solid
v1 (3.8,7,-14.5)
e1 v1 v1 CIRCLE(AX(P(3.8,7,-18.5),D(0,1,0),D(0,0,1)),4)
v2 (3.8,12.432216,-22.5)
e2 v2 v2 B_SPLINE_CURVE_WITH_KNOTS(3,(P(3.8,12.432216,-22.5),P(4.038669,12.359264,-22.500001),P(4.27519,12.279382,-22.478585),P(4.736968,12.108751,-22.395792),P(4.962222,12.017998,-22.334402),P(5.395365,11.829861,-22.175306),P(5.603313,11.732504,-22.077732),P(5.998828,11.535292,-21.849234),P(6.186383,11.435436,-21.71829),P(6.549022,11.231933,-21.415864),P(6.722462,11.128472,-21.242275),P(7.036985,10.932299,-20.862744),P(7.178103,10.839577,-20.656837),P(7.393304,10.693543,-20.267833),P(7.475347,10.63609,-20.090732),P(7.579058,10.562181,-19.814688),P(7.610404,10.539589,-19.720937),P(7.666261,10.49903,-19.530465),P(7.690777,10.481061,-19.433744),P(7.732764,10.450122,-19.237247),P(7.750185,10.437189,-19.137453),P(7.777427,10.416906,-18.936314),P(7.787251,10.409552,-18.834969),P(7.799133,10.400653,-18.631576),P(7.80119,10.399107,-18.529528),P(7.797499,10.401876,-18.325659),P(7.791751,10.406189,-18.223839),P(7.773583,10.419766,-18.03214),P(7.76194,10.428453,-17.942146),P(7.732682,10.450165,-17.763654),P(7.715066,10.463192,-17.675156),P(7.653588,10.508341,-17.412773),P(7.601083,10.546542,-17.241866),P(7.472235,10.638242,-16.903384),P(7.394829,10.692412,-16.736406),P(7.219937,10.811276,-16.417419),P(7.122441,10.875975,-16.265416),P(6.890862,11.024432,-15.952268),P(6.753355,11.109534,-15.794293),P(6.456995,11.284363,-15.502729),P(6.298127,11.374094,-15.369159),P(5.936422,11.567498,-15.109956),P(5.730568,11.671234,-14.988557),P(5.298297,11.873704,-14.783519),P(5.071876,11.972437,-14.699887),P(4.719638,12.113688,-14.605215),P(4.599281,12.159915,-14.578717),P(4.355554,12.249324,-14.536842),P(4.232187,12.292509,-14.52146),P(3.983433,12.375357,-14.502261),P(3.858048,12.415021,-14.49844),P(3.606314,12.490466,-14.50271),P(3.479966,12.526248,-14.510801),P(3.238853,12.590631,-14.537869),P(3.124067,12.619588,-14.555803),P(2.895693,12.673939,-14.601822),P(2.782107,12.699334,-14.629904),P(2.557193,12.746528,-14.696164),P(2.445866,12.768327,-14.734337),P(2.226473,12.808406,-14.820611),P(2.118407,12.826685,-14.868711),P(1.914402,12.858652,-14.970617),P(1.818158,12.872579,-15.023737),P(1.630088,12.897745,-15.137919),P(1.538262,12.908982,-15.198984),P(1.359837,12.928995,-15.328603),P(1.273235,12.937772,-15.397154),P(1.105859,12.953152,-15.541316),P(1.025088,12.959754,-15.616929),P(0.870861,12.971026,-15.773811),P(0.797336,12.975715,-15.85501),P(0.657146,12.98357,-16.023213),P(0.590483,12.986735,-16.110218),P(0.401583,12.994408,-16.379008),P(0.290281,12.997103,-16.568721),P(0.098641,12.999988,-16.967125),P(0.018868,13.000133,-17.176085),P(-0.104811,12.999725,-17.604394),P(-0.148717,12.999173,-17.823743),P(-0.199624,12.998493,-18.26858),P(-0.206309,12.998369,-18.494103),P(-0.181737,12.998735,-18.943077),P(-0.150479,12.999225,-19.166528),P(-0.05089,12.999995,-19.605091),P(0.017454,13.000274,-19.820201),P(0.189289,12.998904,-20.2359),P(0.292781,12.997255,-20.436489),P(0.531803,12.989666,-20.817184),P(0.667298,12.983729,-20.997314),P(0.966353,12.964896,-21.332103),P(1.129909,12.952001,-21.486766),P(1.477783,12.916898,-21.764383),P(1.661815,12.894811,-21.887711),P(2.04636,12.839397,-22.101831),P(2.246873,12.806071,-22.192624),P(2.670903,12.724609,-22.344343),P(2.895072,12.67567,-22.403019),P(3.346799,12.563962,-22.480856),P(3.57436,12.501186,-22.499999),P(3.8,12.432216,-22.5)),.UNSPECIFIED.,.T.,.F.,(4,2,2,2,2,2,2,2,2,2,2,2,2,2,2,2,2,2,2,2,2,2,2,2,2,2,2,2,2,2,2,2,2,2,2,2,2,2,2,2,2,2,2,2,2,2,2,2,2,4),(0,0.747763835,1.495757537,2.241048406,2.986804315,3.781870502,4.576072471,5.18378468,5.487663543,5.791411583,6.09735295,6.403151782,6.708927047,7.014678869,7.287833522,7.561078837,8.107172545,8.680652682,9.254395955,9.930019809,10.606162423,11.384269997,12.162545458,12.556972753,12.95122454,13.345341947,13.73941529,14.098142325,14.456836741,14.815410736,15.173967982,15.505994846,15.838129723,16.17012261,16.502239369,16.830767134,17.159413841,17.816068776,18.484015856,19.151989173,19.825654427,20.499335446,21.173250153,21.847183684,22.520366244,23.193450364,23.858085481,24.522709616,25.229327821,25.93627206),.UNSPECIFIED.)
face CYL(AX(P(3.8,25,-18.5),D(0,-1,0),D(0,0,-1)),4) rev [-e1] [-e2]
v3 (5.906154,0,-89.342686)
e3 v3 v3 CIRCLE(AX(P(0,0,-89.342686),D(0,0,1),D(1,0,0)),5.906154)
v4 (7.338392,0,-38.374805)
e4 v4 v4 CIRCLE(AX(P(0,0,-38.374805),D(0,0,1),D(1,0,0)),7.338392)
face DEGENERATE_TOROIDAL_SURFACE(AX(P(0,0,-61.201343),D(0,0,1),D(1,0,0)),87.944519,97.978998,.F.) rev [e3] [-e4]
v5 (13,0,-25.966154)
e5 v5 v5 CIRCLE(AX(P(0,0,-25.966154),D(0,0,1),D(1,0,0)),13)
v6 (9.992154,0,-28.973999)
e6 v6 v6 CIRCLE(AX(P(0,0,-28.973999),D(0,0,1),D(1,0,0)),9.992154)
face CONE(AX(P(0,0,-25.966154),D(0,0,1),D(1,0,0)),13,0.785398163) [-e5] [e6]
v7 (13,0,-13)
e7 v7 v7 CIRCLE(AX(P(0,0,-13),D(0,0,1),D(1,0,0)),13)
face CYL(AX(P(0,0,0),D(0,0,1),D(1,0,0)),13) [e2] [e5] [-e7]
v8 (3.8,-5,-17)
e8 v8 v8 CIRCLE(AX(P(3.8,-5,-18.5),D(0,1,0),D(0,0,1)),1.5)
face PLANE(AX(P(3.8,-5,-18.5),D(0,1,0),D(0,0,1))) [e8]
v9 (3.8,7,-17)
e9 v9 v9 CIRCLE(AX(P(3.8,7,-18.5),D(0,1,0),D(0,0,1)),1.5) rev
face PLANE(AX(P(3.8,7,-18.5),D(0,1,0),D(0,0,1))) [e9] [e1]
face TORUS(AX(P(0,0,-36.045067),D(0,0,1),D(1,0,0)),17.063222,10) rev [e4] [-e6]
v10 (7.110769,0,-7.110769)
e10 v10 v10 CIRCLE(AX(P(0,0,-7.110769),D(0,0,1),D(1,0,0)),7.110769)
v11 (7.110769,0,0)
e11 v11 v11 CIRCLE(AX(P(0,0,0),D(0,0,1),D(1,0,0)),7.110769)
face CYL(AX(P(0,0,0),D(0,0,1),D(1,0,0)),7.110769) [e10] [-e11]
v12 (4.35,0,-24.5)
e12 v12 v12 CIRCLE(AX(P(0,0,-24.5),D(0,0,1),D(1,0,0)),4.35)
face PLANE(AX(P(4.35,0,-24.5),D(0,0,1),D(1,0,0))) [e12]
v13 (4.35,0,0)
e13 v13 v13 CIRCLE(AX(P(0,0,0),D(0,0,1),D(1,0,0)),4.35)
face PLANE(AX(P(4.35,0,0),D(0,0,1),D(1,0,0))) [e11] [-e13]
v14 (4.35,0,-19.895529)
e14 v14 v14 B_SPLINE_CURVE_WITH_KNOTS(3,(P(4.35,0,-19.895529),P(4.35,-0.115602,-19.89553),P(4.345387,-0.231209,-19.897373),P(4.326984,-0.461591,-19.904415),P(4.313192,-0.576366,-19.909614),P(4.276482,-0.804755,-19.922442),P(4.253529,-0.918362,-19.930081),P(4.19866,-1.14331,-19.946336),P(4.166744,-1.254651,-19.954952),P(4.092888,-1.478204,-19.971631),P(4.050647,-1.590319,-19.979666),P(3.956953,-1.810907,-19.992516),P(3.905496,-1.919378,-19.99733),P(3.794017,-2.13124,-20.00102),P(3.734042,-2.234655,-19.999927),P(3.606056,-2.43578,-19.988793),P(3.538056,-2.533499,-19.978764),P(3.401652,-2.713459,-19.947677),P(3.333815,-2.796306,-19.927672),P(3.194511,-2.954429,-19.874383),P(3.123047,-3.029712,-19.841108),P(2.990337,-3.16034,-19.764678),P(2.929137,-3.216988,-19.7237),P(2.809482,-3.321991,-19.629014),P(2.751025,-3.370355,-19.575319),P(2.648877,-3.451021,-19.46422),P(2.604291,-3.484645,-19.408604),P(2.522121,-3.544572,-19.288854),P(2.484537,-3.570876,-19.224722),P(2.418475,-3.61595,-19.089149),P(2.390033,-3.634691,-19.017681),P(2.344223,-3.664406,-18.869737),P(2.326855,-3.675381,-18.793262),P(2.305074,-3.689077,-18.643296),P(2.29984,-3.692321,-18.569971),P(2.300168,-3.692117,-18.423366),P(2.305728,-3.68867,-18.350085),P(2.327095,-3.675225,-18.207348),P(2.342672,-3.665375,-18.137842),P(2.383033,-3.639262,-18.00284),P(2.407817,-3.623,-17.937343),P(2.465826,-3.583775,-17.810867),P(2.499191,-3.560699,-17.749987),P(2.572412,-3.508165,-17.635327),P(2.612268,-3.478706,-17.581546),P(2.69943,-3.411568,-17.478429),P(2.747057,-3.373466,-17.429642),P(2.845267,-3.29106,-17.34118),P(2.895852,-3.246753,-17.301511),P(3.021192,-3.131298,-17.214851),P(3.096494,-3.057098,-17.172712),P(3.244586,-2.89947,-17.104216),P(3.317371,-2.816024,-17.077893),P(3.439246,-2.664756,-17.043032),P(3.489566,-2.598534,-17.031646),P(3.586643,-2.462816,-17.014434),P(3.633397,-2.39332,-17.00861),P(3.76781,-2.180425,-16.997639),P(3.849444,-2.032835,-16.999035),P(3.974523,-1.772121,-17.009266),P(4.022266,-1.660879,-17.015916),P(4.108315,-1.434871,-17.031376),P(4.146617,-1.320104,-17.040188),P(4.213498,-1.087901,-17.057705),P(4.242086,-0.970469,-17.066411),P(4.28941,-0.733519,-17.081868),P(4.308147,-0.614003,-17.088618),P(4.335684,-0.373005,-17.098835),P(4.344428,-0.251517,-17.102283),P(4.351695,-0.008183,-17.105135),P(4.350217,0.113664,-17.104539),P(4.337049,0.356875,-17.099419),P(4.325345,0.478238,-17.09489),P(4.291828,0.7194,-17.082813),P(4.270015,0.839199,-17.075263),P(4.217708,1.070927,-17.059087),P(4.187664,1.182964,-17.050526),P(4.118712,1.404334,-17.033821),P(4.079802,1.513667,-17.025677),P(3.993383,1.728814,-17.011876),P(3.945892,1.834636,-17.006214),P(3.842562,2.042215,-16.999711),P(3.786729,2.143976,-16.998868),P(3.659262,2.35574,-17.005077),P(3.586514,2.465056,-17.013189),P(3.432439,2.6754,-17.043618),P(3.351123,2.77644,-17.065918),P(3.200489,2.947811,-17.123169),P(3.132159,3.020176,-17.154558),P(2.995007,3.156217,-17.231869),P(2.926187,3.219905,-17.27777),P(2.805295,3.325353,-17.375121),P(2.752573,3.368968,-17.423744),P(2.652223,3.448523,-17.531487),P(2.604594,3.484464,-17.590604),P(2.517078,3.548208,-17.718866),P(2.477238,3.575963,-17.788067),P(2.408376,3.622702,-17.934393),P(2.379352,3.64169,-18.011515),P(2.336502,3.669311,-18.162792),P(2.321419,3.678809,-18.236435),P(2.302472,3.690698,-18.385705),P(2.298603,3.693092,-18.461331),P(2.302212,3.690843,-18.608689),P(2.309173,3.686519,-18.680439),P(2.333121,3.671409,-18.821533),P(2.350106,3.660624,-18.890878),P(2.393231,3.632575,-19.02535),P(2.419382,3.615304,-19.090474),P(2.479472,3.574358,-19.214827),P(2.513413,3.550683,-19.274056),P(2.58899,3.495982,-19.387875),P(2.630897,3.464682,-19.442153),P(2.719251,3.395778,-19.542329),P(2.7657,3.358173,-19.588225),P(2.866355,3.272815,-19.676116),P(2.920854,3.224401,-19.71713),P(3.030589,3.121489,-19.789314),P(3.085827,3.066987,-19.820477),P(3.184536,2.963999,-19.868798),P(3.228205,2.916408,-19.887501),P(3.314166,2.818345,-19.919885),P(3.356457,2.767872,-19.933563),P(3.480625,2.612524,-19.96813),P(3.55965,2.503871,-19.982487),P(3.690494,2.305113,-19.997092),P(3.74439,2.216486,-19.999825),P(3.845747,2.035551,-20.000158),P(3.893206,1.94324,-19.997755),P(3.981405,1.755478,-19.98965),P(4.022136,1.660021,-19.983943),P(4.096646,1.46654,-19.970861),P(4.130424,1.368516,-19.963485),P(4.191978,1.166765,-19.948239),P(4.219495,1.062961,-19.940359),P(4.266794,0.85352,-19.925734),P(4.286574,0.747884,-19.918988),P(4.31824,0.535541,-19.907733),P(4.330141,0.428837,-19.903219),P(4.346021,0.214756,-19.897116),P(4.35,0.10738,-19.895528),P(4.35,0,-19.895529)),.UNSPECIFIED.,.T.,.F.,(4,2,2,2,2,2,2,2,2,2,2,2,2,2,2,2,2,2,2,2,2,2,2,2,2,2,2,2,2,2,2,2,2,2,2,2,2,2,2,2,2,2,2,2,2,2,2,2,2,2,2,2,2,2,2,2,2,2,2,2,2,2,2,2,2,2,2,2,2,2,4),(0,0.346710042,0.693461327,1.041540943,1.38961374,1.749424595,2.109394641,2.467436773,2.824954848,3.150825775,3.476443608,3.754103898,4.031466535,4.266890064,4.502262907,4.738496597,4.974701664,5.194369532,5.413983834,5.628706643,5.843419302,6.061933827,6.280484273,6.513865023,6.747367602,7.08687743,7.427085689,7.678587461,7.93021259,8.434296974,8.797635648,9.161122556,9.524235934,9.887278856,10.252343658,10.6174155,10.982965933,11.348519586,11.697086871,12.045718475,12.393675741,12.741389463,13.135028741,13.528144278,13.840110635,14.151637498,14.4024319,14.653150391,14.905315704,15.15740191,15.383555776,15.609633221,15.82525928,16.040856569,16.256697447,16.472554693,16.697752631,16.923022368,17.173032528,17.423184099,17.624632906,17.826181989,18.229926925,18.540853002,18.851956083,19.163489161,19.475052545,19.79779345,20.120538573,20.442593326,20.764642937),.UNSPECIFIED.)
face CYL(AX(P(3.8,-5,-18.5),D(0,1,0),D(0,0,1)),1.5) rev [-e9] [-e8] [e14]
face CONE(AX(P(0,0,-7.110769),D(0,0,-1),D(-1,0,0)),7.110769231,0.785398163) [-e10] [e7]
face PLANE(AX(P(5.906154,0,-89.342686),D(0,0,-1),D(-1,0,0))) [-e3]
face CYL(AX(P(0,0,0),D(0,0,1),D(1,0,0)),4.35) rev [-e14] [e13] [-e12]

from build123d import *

# Parameters (mm, degrees)
CUT_EXTRUDE1_DEPTH      = 92.214667403
CUT_EXTRUDE1_DEPTH_BACK = 5
SKETCH2_R               = 1.5
CUT_EXTRUDE2_START      = 12
SKETCH3_R               = 4
CUT_EXTRUDE2_DEPTH      = 18


with BuildPart() as part:
    # Sketch1 → Revolve1 (revolve)
    with BuildSketch(Plane(origin=(0, 0, 0), x_dir=(1, 0, 0), z_dir=(0, 1, 0))):
        with BuildLine():
            Line((4.35, 0), (7.110769231, 0))
            Line((7.110769231, 0), (7.110769231, 7.110769231))
            Line((7.110769231, 7.110769231), (13, 13))
            Line((13, 13), (13, 25.966153846))
            Line((13, 25.966153846), (9.992154427, 28.973999419))
            ThreePointArc((9.992154427, 28.973999419), (7.439328335, 33.328329089), (7.33839208, 38.374805068))
            ThreePointArc((7.33839208, 38.374805068), (9.995816712, 63.953544784), (5.906153846, 89.342685943))
            Line((5.906153846, 89.342685943), (0, 89.342685943))
            Line((0, 89.342685943), (0, 24.5))
            Line((0, 24.5), (4.35, 24.5))
            Line((4.35, 24.5), (4.35, 0))
        make_face()
    revolve(axis=Axis((0, 0, 0), (0, 0, -1)))

    # Sketch2 → Cut-Extrude1 (cut, two sides: drawn at the far end of the back side and taken through both)
    with BuildSketch(Plane(origin=(0, 0, 0), x_dir=(1, 0, 0), z_dir=(0, 1, 0)).offset(-CUT_EXTRUDE1_DEPTH_BACK)):
        with Locations((3.8, 18.5)):
            Circle(SKETCH2_R)
    extrude(amount=CUT_EXTRUDE1_DEPTH + CUT_EXTRUDE1_DEPTH_BACK, mode=Mode.SUBTRACT)

    # Sketch3 → Cut-Extrude2 (cut)
    with BuildSketch(Plane(origin=(0, -5, 0), x_dir=(1, 0, 0), z_dir=(0, 1, 0)).offset(CUT_EXTRUDE2_START)):
        with Locations((3.8, 18.5)):
            Circle(SKETCH3_R)
    extrude(amount=CUT_EXTRUDE2_DEPTH, mode=Mode.SUBTRACT)


solid = part.part
